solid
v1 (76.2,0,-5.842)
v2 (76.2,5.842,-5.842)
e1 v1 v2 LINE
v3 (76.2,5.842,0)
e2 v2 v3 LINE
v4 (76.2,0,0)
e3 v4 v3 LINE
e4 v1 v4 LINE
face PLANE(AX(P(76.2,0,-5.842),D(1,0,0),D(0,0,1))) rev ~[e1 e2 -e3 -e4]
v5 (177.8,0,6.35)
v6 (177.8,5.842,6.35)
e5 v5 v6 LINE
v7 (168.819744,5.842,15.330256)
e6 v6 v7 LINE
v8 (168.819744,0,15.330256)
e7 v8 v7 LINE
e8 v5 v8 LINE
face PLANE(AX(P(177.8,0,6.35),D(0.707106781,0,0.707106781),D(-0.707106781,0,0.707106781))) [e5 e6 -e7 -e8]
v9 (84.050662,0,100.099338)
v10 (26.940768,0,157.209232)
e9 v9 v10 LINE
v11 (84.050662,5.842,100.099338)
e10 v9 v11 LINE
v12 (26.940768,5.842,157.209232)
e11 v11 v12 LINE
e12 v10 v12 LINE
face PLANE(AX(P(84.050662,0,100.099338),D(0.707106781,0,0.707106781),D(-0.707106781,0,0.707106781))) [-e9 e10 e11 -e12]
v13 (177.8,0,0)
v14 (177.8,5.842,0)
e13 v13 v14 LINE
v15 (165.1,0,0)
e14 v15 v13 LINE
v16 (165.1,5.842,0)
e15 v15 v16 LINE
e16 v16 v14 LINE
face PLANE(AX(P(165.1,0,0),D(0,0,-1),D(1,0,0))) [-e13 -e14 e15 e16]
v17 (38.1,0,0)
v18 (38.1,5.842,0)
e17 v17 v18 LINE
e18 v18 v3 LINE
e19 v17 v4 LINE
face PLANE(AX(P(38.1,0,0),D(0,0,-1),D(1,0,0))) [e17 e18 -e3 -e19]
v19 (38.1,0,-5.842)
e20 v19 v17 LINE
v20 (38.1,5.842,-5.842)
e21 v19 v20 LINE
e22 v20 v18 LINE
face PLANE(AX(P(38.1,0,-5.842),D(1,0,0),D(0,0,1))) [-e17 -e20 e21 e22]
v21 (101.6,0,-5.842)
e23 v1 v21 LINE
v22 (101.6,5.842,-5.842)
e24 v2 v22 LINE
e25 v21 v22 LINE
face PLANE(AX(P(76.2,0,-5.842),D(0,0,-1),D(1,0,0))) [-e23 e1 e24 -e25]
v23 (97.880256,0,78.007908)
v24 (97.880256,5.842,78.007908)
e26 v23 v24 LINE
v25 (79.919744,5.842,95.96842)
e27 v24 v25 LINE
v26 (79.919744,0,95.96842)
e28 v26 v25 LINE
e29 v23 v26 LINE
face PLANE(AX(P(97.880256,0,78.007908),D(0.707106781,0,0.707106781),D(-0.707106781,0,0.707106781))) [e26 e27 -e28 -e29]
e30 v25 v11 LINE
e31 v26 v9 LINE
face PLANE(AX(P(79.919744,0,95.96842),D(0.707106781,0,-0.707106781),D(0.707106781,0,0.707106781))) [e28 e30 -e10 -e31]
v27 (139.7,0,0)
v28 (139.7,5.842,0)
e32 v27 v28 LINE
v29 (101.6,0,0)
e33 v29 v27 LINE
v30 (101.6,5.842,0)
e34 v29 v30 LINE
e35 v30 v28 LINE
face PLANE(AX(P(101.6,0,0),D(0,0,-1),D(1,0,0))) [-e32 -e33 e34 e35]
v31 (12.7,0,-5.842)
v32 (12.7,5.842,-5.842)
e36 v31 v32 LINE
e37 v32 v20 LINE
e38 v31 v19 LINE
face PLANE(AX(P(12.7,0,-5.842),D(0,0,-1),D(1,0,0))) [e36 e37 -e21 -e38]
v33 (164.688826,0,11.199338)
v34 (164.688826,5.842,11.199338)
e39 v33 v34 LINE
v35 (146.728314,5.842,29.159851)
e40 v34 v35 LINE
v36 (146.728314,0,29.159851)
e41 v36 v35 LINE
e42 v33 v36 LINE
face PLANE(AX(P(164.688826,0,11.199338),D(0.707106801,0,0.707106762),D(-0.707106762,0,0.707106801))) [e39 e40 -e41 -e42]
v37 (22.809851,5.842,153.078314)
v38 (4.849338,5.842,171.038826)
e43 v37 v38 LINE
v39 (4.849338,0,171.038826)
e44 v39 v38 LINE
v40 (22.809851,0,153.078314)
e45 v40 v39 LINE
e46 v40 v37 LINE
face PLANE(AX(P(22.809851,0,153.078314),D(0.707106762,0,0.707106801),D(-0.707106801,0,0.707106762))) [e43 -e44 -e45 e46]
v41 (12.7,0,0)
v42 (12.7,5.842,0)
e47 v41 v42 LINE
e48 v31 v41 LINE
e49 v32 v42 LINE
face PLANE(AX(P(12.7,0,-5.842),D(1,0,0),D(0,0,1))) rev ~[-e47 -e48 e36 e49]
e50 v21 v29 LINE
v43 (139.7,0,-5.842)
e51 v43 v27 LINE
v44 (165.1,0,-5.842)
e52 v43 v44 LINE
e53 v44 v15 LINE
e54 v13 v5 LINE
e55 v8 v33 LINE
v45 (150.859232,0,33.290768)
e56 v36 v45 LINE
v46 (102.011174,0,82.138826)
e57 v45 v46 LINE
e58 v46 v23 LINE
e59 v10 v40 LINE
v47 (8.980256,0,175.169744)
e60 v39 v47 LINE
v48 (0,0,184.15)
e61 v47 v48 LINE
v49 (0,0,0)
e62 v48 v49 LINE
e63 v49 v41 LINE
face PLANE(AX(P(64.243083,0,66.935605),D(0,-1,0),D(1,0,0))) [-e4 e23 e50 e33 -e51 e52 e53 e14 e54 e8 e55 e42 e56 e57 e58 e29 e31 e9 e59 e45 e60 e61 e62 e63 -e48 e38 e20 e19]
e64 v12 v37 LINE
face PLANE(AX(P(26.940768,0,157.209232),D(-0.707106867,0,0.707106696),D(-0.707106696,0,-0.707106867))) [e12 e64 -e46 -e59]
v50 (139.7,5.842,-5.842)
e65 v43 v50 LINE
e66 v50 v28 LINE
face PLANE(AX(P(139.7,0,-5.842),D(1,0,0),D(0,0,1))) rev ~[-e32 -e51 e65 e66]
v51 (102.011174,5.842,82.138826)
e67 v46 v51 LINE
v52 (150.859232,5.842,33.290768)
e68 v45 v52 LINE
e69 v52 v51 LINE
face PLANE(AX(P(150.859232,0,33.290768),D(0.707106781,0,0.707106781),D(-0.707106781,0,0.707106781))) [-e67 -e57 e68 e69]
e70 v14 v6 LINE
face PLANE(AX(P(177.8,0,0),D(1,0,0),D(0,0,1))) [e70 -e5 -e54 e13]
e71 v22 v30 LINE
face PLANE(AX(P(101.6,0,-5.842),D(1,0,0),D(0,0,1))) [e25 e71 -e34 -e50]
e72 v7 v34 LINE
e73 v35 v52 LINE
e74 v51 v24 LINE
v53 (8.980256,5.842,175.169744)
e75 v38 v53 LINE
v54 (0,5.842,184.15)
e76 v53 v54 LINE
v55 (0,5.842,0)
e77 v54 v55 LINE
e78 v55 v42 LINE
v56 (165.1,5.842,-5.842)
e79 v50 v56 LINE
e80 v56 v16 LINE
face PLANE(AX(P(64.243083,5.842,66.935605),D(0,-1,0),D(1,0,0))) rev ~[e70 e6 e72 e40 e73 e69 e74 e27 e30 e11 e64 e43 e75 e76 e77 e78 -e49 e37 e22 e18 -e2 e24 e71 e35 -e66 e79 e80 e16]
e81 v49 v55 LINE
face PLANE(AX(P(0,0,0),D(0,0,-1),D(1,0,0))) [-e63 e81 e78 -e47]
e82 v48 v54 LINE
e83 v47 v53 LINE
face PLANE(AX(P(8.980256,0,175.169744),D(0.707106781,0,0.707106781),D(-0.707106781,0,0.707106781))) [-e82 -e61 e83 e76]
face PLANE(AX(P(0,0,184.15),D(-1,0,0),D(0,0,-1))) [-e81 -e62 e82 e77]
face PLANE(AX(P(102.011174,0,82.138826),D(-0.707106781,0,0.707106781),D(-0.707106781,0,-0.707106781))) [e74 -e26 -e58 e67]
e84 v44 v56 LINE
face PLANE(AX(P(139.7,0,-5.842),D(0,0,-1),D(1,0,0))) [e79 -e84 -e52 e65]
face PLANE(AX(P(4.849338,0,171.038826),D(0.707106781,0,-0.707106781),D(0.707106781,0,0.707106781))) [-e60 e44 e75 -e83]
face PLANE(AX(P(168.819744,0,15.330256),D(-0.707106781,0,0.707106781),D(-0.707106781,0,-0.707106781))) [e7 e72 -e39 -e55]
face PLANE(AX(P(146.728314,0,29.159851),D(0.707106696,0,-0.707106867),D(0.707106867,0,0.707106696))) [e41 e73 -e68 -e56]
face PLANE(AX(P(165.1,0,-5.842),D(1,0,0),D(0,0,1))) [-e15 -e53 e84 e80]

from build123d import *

# Parameters (mm, degrees)
F0_W     = 25.4
F0_H     = 5.842
F1_DEPTH = 5.842


with BuildPart() as f1:
    # F0 (on Front) → F1 (new body)
    with BuildSketch(Plane.XZ):
        Polygon((8.980256, 175.169744), (0, 184.15), (0, 0), (12.7, 0), (38.1, 0), (76.2, 0), (101.6, 0), (139.7, 0), (165.1, 0), (177.8, 0), (177.8, 6.35), (168.819744, 15.330256), (164.688826, 11.199338), (146.728314, 29.159851), (150.859232, 33.290768), (102.011174, 82.138826), (97.880256, 78.007908), (79.919744, 95.96842), (84.050662, 100.099338), (26.940768, 157.209232), (22.809851, 153.078314), (4.849338, 171.038826), align=None)
        with Locations((25.4, -2.921)):
            Rectangle(F0_W, F0_H)
        with Locations((152.4, -2.921)):
            Rectangle(F0_W, F0_H)
        with Locations((88.9, -2.921)):
            Rectangle(F0_W, F0_H)
    extrude(amount=-F1_DEPTH)


solid = f1.part
